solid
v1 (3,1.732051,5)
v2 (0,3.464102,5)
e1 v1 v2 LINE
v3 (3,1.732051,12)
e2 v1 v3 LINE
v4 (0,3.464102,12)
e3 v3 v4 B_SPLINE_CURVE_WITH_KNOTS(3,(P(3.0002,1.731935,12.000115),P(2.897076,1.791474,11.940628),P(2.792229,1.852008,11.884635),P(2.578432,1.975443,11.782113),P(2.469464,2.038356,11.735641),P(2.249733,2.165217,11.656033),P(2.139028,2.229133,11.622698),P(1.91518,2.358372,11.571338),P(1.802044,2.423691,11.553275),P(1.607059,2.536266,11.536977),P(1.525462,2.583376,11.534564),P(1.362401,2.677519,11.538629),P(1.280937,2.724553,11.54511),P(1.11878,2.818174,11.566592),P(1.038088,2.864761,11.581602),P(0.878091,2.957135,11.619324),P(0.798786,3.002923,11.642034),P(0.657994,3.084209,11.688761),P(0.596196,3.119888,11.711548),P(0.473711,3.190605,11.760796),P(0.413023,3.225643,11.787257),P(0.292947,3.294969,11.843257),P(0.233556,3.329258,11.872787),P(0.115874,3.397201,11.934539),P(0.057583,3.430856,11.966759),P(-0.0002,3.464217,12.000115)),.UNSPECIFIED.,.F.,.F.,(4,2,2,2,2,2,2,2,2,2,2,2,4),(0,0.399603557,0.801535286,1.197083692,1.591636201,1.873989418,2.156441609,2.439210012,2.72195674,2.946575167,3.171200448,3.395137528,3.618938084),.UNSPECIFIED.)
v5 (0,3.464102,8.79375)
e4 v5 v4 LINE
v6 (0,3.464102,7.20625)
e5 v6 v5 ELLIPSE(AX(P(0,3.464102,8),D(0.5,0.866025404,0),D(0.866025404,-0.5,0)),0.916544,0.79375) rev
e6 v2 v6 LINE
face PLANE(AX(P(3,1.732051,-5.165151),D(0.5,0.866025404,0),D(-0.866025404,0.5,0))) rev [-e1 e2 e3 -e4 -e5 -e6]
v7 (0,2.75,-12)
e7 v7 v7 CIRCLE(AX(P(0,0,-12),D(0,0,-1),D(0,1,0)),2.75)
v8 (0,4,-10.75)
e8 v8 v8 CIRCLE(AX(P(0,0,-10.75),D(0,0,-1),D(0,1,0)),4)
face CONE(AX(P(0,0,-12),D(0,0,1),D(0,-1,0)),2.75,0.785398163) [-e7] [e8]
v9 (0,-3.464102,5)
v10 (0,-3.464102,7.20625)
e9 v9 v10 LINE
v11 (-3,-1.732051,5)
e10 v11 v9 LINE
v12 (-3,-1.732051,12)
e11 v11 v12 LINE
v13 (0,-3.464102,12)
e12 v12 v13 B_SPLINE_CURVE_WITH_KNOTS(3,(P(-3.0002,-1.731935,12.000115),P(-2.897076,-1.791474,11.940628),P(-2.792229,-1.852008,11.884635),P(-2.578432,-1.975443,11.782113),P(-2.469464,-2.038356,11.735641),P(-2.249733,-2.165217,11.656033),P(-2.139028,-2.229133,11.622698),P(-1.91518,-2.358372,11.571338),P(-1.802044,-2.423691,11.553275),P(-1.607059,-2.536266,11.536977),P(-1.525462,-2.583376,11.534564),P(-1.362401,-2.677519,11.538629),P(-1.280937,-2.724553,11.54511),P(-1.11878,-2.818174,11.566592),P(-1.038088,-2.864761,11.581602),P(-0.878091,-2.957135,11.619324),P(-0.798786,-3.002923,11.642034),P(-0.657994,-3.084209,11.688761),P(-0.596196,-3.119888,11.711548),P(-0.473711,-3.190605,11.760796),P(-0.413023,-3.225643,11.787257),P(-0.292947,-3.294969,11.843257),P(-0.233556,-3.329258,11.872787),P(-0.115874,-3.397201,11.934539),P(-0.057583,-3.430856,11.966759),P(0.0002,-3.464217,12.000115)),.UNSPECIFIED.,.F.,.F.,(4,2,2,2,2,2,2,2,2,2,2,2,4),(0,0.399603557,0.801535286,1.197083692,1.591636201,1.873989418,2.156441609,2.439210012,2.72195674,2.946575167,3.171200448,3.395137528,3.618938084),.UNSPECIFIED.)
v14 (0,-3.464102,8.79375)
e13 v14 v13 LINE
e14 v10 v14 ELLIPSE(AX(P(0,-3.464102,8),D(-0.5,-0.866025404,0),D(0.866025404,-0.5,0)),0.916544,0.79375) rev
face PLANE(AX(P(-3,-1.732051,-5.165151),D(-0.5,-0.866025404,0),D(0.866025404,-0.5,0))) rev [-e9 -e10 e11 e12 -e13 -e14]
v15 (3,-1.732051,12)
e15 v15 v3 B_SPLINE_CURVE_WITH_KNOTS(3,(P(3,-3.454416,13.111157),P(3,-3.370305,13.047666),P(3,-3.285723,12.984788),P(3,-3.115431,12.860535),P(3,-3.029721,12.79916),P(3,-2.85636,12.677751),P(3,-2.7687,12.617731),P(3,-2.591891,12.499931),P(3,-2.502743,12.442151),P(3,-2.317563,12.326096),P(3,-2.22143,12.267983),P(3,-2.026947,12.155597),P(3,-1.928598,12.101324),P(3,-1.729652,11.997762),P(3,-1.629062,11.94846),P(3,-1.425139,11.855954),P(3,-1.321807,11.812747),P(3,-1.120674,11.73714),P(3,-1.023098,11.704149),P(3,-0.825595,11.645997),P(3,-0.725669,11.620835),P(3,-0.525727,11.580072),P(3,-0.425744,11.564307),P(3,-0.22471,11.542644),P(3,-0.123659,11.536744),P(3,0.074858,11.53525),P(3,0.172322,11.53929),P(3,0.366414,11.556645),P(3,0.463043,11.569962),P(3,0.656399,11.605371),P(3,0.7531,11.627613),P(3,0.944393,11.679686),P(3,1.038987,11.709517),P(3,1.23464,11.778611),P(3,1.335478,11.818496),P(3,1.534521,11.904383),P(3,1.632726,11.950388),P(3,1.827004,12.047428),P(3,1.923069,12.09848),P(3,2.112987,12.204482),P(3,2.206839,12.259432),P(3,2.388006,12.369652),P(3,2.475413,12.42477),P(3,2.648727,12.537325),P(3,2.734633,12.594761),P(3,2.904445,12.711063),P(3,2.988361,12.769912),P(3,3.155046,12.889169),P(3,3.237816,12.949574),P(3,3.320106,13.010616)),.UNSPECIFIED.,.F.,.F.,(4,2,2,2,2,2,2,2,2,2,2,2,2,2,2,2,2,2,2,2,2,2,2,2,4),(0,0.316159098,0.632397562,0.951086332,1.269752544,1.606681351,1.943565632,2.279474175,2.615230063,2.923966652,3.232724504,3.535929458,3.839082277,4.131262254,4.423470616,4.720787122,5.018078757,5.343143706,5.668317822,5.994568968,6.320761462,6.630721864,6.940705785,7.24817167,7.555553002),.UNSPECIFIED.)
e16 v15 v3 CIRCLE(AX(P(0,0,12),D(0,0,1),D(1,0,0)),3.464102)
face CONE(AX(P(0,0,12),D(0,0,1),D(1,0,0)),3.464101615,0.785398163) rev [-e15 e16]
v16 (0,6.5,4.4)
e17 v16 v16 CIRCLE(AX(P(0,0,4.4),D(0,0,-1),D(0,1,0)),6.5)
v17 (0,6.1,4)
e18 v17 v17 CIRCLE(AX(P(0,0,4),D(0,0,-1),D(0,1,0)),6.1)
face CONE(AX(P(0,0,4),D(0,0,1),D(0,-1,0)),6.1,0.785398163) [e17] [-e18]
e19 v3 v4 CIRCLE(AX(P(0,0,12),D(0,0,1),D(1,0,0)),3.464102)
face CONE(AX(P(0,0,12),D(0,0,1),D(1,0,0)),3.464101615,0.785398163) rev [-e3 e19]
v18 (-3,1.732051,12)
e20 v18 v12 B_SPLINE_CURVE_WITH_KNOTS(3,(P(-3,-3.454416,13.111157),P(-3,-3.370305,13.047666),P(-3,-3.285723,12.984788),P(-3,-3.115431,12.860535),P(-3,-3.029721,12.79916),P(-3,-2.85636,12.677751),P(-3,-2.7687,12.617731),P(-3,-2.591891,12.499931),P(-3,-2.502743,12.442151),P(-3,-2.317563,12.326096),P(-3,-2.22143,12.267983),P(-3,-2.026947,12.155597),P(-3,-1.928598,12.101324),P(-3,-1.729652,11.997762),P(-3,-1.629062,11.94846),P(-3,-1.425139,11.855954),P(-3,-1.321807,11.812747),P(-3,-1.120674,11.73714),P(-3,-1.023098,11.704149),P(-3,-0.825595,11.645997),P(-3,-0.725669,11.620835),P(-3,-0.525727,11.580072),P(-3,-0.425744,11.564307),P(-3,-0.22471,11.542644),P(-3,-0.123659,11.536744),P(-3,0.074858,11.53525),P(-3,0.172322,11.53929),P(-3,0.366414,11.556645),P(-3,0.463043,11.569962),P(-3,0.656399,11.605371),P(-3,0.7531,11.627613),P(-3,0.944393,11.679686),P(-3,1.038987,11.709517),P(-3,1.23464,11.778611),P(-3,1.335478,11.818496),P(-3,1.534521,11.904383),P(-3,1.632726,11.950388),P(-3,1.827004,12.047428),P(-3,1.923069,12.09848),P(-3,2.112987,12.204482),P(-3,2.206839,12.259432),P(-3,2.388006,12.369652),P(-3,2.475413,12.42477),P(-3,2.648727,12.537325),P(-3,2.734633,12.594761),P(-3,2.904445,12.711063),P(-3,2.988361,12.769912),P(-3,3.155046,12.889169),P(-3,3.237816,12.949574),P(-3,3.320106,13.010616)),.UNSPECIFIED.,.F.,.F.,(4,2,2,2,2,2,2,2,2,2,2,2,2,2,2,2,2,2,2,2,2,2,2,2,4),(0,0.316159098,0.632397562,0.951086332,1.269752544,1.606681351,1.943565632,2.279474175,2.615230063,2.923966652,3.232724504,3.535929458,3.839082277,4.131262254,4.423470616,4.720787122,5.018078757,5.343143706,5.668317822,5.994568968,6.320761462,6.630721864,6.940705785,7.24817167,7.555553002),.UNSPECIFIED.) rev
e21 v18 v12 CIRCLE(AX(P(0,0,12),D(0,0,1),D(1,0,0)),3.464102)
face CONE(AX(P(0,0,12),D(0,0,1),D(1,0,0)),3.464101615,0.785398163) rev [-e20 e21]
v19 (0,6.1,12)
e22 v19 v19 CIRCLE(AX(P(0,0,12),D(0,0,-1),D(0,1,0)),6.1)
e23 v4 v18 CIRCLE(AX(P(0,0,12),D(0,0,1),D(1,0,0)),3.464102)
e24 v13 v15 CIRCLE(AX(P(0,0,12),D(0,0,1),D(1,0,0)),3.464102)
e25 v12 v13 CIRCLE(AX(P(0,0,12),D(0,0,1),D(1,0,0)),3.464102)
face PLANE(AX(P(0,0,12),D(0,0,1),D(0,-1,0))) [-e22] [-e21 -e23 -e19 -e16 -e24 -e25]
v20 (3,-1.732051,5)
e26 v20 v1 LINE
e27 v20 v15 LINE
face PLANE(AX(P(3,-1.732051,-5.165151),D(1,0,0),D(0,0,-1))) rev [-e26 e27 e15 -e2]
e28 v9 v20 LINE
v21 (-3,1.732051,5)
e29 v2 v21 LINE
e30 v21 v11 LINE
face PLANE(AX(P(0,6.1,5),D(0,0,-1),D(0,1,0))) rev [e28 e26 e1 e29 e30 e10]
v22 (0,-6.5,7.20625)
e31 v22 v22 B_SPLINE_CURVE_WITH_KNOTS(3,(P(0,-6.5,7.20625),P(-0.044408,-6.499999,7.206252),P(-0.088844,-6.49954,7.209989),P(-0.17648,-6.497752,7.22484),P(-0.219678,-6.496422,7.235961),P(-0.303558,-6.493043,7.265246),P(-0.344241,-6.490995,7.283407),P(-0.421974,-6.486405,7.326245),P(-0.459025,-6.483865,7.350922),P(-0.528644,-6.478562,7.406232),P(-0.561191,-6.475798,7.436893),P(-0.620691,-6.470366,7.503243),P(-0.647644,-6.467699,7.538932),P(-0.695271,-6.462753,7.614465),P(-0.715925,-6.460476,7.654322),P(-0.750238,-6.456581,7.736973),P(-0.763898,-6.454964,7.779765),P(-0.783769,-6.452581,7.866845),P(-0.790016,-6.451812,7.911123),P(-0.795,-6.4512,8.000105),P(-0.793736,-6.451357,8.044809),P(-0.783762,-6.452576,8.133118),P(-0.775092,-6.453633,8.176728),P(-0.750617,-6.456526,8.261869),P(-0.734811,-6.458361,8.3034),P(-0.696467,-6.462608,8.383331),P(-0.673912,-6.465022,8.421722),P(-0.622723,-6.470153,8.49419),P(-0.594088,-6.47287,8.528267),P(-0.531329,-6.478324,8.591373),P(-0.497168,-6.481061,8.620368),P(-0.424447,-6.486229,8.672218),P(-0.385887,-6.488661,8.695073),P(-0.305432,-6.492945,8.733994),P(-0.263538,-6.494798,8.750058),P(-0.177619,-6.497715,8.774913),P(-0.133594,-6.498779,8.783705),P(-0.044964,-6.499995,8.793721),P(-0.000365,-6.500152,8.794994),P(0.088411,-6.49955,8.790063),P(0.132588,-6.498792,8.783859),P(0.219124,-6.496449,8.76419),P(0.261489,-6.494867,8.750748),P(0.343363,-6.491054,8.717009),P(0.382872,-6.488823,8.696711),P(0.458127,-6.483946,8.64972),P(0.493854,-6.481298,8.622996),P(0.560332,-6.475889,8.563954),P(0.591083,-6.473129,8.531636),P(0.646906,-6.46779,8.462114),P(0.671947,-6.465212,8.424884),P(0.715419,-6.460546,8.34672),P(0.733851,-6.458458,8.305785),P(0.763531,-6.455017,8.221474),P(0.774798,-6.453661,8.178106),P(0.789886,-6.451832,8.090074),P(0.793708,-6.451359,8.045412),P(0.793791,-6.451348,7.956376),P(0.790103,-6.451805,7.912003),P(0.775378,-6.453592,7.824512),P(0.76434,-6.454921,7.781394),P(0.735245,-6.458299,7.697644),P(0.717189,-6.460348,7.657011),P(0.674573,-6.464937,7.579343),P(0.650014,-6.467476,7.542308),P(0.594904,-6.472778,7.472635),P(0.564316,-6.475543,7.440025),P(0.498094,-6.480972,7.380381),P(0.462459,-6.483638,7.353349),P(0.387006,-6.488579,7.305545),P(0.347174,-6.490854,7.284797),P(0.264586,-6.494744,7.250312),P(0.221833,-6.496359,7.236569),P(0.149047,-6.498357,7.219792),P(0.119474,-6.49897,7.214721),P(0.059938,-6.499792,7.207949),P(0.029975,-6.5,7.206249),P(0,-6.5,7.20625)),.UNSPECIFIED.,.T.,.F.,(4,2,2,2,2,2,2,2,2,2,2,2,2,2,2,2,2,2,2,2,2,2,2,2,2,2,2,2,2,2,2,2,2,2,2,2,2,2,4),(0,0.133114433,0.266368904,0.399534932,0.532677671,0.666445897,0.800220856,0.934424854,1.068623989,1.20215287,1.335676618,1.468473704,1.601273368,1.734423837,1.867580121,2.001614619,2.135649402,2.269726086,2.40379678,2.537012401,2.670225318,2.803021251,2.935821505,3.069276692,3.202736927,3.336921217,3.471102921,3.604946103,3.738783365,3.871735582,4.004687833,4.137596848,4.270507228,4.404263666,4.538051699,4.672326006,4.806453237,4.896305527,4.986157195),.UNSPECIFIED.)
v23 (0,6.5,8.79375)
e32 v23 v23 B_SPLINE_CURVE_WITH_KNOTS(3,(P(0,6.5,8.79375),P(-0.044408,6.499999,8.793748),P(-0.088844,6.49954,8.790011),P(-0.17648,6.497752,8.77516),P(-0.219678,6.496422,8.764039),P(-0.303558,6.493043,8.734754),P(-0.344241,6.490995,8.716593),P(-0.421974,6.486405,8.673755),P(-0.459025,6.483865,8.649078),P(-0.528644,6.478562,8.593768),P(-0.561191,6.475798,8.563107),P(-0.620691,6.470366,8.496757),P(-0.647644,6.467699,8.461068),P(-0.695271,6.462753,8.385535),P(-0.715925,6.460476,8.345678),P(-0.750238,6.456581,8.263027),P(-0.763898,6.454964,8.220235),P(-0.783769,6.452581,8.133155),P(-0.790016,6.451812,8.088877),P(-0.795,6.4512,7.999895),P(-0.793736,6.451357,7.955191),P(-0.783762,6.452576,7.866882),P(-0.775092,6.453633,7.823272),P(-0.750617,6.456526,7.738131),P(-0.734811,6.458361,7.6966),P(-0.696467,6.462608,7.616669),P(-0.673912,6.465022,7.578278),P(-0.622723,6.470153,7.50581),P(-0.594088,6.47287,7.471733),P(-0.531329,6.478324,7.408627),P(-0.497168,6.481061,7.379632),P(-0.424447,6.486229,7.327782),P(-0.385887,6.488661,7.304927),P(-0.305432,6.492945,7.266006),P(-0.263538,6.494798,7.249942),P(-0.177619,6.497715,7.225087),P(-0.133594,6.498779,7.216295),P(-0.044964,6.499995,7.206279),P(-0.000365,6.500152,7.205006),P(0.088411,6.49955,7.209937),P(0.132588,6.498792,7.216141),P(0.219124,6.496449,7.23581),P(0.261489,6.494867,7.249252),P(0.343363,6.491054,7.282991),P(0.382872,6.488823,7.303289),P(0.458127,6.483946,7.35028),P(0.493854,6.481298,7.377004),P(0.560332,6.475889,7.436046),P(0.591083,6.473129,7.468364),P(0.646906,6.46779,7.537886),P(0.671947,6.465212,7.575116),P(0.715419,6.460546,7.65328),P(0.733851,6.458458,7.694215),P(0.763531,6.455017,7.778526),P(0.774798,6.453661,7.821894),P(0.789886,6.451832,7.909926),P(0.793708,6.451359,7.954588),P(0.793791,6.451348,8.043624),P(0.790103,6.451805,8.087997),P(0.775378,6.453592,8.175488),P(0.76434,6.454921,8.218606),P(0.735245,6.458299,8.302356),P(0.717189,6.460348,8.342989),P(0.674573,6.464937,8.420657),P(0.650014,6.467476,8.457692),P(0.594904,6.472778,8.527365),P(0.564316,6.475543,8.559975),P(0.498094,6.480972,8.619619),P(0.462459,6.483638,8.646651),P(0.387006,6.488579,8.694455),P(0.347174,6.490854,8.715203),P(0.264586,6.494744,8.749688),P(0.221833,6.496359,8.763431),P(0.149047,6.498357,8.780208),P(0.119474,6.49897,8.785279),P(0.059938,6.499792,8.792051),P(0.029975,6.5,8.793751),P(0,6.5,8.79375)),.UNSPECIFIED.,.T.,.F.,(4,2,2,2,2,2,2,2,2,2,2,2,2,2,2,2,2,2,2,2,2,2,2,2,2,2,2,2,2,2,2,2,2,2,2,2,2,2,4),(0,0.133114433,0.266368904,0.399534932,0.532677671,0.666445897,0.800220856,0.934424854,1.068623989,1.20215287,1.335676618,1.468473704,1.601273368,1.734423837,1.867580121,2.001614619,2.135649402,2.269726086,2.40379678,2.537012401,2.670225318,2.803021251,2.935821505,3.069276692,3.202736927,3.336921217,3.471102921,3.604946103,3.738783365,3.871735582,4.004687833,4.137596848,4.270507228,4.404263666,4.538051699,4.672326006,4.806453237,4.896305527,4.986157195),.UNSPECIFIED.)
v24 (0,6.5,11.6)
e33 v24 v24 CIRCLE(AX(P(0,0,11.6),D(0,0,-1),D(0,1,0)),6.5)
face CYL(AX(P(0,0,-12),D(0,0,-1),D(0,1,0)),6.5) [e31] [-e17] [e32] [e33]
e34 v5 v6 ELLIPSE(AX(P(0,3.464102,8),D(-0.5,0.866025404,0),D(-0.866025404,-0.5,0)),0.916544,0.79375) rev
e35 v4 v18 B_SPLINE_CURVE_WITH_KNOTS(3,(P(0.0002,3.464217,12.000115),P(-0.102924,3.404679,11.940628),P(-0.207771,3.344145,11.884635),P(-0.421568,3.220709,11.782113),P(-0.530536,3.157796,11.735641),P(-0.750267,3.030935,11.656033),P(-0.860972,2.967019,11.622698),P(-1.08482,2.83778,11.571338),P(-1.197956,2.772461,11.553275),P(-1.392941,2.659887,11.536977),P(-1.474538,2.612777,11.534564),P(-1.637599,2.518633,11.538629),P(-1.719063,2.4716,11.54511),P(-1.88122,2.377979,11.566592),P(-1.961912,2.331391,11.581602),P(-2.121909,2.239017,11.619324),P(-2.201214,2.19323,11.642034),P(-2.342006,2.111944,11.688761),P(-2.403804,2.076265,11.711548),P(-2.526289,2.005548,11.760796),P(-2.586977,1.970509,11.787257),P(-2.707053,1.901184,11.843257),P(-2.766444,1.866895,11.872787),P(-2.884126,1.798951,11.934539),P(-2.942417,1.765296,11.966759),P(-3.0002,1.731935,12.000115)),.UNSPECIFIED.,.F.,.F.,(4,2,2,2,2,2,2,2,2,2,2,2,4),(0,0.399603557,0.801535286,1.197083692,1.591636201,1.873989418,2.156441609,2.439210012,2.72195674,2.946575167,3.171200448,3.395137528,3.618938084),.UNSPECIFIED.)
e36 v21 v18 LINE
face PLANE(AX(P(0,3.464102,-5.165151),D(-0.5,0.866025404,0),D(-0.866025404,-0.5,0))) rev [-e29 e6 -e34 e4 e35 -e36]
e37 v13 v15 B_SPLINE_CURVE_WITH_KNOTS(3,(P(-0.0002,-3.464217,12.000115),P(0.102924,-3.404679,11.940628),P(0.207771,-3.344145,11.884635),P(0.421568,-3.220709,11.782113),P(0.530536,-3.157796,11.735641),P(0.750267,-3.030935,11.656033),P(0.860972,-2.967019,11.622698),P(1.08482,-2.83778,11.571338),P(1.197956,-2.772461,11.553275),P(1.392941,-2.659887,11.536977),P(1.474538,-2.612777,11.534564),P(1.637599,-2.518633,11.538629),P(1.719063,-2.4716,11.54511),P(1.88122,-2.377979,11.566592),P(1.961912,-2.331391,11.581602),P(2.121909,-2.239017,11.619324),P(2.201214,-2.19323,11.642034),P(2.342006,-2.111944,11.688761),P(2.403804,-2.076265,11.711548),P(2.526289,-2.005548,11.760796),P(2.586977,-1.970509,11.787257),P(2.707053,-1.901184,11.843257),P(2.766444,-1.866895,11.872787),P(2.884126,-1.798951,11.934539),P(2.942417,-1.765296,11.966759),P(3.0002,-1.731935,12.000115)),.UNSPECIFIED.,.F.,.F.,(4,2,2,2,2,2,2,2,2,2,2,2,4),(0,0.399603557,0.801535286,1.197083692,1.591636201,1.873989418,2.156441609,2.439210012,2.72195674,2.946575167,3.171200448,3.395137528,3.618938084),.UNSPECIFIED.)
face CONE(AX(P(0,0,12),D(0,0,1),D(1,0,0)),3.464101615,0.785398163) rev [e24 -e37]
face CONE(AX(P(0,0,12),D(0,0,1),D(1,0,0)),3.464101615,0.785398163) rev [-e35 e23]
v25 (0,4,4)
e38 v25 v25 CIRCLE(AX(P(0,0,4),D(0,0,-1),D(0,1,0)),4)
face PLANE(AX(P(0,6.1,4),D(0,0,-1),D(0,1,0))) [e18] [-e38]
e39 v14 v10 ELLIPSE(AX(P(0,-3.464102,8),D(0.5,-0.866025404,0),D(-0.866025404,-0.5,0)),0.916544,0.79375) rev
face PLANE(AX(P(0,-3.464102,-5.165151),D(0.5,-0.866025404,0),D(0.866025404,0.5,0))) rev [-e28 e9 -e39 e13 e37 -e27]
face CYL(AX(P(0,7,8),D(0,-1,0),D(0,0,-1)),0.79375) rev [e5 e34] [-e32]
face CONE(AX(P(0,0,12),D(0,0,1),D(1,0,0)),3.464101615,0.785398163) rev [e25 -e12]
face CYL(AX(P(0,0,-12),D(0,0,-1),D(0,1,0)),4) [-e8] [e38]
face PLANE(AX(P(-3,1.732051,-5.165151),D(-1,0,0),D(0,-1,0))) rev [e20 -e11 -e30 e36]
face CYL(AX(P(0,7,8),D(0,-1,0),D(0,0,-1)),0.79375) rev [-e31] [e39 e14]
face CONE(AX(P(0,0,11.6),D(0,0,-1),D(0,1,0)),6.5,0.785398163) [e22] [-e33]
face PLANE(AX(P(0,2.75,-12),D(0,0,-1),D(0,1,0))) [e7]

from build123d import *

# Parameters (mm, degrees)
CUT_EXTRUDE1_DEPTH      = 7
CUT_EXTRUDE3_DEPTH      = 7
CUT_EXTRUDE3_DEPTH_BACK = 7
SKETCH9_R               = 0.79375


with BuildPart() as part:
    # Sketch2 → Revolve1 (revolve)
    with BuildSketch(Plane(origin=(0, 0, 0), x_dir=(0, 0, -1), z_dir=(1, 0, 0))):
        Polygon((-12, 0), (-12, 6.1), (-11.6, 6.5), (-4.4, 6.5), (-4, 6.1), (-4, 4), (10.75, 4), (12, 2.75), (12, 0), align=None)
    revolve(axis=Axis((0, 0, -12), (0, 0, 1)))

    # Sketch3 → Cut-Extrude1 (cut)
    with BuildSketch(Plane.XY.offset(12)):
        Polygon((3, -1.732050808), (3, 1.732050808), (0, 3.464101615), (-3, 1.732050808), (-3, -1.732050808), (0, -3.464101615), align=None)
    extrude(amount=-CUT_EXTRUDE1_DEPTH, mode=Mode.SUBTRACT)

    # Cut-Extrude2 cone 1 section (through the dimple's axis) → Cut-Extrude2 (revolve, cut)
    with BuildSketch(Plane(origin=(0, 0, 12), x_dir=(0, -1, 0), z_dir=(1, 0, 0))):
        Polygon((0, 0), (3.464101615, 0), (0, 3.464101615), align=None)
    revolve(axis=Axis((0, 0, 12), (0, 0, -1)), mode=Mode.SUBTRACT)

    # Sketch9 → Cut-Extrude3 (cut, two sides: drawn at the far end of the back side and taken through both)
    with BuildSketch(Plane(origin=(0, 0, 0), x_dir=(1, 0, 0), z_dir=(0, 1, 0)).offset(-CUT_EXTRUDE3_DEPTH_BACK)):
        with Locations(Location((0, -8, 0), (0, 0, 90))):
            Circle(SKETCH9_R)
    extrude(amount=CUT_EXTRUDE3_DEPTH + CUT_EXTRUDE3_DEPTH_BACK, mode=Mode.SUBTRACT)


solid = part.part
